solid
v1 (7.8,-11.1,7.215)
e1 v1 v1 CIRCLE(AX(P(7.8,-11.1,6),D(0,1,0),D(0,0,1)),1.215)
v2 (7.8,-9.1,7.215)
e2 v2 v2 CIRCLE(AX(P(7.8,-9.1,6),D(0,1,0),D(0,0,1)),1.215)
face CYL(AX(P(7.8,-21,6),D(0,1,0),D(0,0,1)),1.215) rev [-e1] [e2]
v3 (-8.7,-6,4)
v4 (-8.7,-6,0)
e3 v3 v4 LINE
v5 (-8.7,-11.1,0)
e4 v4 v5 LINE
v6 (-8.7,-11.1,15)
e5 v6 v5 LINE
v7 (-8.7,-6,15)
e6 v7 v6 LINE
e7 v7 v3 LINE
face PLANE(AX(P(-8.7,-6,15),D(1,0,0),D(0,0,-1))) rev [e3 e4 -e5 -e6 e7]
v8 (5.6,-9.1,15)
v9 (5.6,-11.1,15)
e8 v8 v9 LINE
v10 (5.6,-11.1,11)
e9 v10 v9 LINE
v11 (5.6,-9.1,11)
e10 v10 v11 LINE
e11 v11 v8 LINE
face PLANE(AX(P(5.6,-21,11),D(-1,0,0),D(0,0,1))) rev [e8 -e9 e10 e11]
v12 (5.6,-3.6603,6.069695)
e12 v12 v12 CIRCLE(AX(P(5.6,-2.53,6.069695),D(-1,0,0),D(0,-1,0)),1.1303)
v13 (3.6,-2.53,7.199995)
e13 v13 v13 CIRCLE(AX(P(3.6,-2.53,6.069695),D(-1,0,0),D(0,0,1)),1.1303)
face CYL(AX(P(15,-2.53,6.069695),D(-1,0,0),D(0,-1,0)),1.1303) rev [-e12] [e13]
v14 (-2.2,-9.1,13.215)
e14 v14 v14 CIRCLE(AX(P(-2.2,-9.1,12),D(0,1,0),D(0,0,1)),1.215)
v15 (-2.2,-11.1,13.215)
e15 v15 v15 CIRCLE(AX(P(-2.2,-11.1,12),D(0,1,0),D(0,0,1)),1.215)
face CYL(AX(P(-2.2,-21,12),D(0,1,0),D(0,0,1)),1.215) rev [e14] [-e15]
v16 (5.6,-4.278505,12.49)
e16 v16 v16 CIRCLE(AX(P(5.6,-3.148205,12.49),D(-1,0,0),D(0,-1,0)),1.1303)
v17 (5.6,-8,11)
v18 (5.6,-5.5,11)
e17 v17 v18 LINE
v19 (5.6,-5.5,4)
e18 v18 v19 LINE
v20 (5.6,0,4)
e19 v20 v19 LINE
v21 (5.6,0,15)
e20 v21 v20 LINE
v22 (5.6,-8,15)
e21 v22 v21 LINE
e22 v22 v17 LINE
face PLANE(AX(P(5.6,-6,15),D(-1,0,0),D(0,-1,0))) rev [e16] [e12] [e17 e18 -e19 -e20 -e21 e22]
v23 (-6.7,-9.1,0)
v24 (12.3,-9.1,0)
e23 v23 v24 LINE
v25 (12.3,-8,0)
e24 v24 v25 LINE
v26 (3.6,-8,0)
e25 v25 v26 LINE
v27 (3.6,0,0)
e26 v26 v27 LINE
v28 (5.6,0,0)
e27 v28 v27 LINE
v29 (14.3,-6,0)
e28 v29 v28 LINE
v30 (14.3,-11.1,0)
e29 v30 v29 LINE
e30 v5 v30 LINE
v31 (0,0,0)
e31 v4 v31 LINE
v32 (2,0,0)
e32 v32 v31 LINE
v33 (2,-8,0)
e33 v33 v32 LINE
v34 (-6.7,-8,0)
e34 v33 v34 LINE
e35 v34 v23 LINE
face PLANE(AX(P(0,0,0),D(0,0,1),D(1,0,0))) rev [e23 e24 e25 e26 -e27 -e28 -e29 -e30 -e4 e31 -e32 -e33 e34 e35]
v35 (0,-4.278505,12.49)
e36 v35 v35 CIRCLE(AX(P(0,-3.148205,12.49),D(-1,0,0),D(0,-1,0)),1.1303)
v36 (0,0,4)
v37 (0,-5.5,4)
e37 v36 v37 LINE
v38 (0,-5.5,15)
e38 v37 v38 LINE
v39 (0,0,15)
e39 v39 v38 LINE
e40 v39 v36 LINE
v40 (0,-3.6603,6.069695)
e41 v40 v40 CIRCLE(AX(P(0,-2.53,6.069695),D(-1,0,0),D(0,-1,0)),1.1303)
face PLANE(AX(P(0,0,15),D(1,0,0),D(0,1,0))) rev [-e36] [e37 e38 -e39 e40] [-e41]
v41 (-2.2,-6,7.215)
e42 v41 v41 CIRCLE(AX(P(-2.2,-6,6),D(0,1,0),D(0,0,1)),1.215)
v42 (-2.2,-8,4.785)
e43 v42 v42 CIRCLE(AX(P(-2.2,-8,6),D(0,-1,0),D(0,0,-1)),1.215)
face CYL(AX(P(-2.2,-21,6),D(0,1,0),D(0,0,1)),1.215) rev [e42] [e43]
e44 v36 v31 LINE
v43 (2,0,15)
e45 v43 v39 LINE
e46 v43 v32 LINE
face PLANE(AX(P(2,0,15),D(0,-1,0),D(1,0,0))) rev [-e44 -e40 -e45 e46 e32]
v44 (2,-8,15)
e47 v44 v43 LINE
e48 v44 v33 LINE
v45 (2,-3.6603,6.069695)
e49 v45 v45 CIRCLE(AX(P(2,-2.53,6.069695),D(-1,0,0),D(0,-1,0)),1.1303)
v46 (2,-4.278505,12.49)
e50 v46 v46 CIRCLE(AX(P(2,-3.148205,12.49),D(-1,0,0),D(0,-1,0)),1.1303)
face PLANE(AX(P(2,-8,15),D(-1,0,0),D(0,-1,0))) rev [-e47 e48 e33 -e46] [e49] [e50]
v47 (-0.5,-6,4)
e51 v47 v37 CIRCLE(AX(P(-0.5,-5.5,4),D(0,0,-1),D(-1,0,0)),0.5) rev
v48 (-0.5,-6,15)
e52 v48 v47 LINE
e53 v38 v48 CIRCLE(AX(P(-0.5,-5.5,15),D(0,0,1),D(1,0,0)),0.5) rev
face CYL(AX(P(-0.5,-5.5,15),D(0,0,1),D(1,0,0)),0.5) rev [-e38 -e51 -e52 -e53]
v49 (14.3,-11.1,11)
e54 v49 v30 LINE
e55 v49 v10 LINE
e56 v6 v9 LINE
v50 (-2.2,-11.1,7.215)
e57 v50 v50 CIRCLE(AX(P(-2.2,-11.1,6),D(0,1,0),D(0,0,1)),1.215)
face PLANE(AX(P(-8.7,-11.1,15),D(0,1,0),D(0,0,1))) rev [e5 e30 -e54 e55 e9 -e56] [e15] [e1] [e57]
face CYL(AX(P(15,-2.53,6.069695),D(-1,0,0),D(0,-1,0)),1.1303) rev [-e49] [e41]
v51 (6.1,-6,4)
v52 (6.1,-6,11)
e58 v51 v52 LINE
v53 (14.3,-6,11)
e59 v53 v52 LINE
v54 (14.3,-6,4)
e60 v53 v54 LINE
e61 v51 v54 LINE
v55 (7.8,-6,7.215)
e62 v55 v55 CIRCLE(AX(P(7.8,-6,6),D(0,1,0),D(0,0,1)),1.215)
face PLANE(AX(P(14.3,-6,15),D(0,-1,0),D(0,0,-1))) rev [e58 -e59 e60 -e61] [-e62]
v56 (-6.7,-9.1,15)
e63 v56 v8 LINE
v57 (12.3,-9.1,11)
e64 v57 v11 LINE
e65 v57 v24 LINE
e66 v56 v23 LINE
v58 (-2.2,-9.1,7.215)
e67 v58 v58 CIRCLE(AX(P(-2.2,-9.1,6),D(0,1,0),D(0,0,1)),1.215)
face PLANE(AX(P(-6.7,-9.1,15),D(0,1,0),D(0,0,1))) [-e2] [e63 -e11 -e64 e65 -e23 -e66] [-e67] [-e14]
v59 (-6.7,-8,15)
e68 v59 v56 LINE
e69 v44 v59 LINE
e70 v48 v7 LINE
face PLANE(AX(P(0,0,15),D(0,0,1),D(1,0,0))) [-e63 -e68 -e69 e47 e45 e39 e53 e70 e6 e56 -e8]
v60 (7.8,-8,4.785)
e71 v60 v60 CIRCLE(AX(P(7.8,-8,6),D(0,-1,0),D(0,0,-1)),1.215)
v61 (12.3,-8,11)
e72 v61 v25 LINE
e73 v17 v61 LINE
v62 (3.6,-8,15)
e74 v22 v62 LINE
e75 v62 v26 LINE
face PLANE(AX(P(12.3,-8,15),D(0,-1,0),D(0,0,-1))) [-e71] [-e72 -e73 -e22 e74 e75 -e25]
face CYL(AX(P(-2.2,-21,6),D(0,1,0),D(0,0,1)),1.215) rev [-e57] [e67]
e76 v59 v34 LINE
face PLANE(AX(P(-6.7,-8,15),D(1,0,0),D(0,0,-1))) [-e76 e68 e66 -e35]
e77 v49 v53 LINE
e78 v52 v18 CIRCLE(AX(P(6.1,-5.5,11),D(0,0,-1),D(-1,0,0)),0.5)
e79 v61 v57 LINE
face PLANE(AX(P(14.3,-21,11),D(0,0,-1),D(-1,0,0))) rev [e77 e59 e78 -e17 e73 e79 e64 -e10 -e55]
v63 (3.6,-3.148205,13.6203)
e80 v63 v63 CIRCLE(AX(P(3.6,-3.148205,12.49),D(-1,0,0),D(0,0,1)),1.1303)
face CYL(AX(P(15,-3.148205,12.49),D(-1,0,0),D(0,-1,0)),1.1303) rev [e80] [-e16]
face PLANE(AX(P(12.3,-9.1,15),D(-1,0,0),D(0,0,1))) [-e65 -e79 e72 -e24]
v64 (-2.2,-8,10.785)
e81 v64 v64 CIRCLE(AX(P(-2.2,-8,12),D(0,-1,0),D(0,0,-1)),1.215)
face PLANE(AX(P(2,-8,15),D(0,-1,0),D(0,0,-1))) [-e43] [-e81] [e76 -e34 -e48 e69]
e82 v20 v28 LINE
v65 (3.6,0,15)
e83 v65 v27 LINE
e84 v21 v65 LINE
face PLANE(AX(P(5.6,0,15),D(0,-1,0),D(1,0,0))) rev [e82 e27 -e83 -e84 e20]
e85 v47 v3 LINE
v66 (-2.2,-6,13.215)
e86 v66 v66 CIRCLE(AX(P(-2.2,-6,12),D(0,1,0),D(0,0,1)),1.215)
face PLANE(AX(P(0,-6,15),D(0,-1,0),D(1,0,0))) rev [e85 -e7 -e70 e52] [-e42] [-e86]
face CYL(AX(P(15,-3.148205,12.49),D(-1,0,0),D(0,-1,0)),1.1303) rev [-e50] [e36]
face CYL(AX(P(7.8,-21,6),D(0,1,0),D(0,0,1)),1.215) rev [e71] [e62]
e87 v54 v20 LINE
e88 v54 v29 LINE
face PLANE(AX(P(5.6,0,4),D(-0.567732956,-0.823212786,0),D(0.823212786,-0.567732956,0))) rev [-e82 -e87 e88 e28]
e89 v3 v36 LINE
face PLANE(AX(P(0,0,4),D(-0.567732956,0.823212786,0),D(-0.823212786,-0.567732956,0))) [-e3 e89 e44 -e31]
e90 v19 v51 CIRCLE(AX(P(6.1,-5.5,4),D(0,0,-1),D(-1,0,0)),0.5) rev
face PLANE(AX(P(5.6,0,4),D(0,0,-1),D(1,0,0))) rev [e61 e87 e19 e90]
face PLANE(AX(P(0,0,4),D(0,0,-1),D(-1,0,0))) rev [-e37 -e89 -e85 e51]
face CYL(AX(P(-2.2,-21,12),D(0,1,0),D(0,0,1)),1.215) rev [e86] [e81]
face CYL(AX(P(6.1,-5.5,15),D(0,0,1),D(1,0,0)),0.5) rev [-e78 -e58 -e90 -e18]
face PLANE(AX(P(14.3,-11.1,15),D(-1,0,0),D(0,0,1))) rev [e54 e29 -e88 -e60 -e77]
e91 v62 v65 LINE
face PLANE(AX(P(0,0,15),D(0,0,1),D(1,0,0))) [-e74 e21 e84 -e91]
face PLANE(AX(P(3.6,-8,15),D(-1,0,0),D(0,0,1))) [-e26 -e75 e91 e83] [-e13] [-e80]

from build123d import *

# Parameters (mm, degrees)
BOSS_EXTRUDE1_DEPTH = 15
SKETCH2_W           = 8.7
SKETCH2_H           = 4
CUT_EXTRUDE1_DEPTH  = 15
SKETCH4_R           = 1.1303
CUT_EXTRUDE2_DEPTH  = 15
SKETCH5_R           = 1.215
CUT_EXTRUDE3_DEPTH  = 15
BOSS_EXTRUDE2_DEPTH = 2
FILLET2_R           = 0.5


with BuildPart() as part:
    # Sketch1 → Boss-Extrude1 (new body)
    with BuildSketch(Plane.XY):
        Polygon((0, 0), (0, -6), (-8.7, -6), (-8.7, -11.1), (14.3, -11.1), (14.3, -6), (5.6, -6), (5.6, 0), (3.6, 0), (3.6, -3.541064843), (3.6, -8), (12.3, -8), (12.3, -9.1), (-6.7, -9.1), (-6.7, -8), (2, -8), (2, 0), align=None)
    extrude(amount=BOSS_EXTRUDE1_DEPTH)

    # Sketch2 → Cut-Extrude1 (cut)
    with BuildSketch(Plane(origin=(0, -6, 0), x_dir=(1, 0, 0), z_dir=(0, 1, 0))):
        with Locations((9.95, -13)):
            Rectangle(SKETCH2_W, SKETCH2_H)
    extrude(amount=-CUT_EXTRUDE1_DEPTH, mode=Mode.SUBTRACT)

    # Sketch4 → Cut-Extrude2 (cut)
    with BuildSketch(Plane.ZY):
        with Locations((12.49, -3.148205104)):
            Circle(SKETCH4_R)
        with Locations((6.069694521, -2.53)):
            Circle(SKETCH4_R)
    extrude(amount=-CUT_EXTRUDE2_DEPTH, mode=Mode.SUBTRACT)

    # Sketch5 → Cut-Extrude3 (cut)
    with BuildSketch(Plane(origin=(0, -6, 0), x_dir=(1, 0, 0), z_dir=(0, 1, 0))):
        with Locations((-2.2, -12)):
            Circle(SKETCH5_R)
        with Locations((7.8, -6)):
            Circle(SKETCH5_R)
        with Locations((-2.2, -6)):
            Circle(SKETCH5_R)
    extrude(amount=-CUT_EXTRUDE3_DEPTH, mode=Mode.SUBTRACT)

    # Sketch6 → Boss-Extrude2 (add, symmetric)
    with BuildSketch(Plane(origin=(0, 0, 2), x_dir=(-1, 0, 0), z_dir=(0, 0, -1))):
        Polygon((0, -6), (8.7, -6), (0, 0), align=None)
    boss_extrude2 = extrude(amount=BOSS_EXTRUDE2_DEPTH, both=True)

    # Mirror1: Boss-Extrude2 across plane
    add(boss_extrude2.mirror(Plane(origin=(2.8, 0, 0), x_dir=(0, 0, 1), z_dir=(1, 0, 0))))

    # Fillet2
    fillet2_edges = [part.edges().sort_by_distance(p)[0] for p in [
        (0, -6, 9.5),
        (5.6, -6, 7.5),
    ]]
    fillet(fillet2_edges, radius=FILLET2_R)


solid = part.part
